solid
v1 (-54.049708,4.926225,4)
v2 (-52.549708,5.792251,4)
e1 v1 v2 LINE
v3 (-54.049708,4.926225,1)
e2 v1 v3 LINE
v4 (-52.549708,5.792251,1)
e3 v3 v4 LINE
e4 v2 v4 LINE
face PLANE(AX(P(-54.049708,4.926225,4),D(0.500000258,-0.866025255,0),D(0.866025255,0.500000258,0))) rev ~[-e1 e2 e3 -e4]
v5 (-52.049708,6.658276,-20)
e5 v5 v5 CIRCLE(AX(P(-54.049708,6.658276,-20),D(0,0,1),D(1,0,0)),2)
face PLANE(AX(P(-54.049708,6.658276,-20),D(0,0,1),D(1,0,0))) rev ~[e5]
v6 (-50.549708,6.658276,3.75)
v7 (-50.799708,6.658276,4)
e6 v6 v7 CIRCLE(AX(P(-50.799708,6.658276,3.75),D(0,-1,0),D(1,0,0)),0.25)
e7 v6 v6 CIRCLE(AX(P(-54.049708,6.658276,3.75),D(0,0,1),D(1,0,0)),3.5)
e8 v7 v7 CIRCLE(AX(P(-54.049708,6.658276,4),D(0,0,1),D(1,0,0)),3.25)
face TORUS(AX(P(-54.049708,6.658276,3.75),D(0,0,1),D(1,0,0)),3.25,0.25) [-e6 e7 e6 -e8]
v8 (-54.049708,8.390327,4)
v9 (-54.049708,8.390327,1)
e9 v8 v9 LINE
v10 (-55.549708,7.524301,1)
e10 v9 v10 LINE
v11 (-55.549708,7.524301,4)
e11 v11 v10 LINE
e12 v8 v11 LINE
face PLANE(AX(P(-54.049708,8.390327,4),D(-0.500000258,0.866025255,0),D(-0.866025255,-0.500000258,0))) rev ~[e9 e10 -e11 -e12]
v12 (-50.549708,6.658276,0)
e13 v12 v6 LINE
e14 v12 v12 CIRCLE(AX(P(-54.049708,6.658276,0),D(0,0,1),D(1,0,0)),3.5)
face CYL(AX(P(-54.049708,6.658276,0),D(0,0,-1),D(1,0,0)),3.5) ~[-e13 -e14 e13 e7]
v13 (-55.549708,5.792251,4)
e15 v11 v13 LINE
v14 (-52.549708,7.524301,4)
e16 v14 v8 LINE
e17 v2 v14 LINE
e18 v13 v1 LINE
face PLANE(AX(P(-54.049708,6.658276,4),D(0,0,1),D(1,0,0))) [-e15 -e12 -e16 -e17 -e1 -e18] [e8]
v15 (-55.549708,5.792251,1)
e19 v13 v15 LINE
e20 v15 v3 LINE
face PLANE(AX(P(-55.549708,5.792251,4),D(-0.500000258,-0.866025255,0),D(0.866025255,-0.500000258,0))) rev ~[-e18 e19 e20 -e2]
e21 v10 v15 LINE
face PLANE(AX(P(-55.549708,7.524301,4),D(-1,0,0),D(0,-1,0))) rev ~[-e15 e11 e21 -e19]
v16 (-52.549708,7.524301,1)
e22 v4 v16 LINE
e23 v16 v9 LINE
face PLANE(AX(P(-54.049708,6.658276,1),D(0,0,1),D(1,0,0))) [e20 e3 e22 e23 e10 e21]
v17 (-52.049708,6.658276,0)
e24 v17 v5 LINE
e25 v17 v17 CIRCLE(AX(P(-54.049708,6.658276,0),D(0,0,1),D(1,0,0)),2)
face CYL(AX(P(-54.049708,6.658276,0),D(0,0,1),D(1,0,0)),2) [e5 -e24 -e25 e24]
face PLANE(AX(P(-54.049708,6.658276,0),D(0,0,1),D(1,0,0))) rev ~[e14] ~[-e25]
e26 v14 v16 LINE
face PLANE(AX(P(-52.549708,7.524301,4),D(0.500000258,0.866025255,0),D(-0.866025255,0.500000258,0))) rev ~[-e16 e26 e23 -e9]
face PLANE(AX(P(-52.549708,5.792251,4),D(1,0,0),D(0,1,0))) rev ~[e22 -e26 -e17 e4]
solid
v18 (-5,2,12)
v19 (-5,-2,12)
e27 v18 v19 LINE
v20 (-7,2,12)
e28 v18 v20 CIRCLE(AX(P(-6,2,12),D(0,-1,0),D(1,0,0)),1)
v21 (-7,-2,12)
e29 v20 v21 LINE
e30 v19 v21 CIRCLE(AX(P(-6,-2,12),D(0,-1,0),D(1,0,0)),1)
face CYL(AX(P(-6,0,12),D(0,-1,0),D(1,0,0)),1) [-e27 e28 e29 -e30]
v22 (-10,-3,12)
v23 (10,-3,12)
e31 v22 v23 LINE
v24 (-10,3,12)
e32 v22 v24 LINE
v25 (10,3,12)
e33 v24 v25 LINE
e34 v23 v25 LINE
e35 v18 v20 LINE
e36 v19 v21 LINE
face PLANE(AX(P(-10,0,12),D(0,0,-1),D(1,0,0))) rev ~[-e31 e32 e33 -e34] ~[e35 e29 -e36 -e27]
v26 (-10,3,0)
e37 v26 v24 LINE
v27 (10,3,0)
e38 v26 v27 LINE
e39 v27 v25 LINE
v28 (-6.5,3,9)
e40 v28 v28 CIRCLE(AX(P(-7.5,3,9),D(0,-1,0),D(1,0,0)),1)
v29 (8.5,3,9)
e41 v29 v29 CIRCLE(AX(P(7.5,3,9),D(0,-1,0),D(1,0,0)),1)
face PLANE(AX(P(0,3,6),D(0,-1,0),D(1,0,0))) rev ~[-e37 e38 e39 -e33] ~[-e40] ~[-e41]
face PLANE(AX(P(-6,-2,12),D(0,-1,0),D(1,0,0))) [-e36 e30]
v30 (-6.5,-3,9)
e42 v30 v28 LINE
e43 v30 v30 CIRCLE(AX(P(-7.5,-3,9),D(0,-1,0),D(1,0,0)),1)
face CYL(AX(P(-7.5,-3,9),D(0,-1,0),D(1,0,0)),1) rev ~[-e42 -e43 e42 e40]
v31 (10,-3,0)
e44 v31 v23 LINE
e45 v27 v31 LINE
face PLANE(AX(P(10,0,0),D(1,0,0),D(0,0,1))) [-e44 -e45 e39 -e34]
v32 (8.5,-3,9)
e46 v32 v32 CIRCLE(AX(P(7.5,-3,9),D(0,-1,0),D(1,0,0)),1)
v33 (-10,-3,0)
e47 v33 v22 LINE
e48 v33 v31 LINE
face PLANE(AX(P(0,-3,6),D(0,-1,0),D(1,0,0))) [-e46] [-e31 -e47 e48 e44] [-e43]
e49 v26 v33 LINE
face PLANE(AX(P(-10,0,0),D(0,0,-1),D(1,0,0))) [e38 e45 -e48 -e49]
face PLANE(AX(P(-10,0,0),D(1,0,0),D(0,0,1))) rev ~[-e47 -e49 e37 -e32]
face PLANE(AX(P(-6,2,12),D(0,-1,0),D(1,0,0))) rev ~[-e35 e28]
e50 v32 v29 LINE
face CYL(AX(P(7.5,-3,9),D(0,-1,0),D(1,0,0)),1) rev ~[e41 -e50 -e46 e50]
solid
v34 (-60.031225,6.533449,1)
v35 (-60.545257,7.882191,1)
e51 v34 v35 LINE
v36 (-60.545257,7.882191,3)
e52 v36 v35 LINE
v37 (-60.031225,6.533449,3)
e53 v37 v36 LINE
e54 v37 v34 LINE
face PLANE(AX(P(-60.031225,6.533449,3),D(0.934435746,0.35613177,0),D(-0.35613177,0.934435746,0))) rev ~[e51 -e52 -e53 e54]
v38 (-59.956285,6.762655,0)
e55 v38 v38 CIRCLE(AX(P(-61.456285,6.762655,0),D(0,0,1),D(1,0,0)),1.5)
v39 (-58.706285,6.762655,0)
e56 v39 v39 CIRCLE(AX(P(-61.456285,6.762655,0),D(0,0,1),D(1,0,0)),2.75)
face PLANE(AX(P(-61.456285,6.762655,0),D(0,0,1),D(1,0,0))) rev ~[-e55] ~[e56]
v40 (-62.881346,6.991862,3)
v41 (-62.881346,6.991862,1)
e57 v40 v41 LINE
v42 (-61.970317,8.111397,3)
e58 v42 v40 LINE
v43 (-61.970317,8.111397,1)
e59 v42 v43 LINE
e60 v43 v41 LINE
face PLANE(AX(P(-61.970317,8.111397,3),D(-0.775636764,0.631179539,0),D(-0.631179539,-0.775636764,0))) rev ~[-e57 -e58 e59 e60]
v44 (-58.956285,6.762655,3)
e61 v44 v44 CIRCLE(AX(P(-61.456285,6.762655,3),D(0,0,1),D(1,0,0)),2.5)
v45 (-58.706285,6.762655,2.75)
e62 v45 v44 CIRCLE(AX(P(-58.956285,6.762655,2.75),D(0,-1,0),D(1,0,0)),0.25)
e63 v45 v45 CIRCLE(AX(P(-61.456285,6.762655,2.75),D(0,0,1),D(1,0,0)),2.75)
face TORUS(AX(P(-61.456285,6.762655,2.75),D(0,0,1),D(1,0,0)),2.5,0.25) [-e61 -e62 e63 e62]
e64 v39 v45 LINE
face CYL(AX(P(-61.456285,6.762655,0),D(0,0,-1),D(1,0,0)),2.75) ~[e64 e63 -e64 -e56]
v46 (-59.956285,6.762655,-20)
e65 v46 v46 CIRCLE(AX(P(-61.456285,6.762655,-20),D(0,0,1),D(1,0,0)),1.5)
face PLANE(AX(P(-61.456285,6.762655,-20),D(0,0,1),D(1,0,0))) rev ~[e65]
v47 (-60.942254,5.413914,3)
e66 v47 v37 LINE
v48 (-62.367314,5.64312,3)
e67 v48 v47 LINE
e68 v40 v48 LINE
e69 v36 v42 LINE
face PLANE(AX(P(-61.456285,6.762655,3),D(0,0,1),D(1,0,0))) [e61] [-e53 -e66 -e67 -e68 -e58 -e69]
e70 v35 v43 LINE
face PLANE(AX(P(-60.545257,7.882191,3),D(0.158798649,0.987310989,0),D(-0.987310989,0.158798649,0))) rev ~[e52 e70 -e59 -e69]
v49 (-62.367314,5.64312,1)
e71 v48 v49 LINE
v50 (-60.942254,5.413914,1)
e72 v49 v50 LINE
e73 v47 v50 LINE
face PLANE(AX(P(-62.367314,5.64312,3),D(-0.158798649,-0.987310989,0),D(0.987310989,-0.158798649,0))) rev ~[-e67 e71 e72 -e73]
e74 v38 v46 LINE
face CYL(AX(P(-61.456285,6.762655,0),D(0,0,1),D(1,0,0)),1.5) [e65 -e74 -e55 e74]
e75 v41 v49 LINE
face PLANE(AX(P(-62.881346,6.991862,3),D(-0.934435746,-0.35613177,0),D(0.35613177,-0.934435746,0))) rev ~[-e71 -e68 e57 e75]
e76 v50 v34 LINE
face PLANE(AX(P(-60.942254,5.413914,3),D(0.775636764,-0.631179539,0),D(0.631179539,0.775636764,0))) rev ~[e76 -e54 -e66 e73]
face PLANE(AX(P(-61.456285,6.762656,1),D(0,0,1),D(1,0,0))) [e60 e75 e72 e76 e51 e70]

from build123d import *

# Parameters (mm, degrees)
F0_W      = 20
F0_H      = 12
F1_DEPTH  = 3
F2_R      = 1
F3_DEPTH  = 2
F4_R      = 1
F5_DEPTH  = 6.001
F6_R      = 1.5
F7_DEPTH  = 20
F8_R      = 2.75
F9_DEPTH  = 3
F11_DEPTH = 2
F12_R     = 0.25
F13_R     = 2
F14_DEPTH = 20
F15_R     = 3.5
F16_DEPTH = 4
F18_DEPTH = 3
F19_R     = 0.25


with BuildPart() as f1:
    # F0 (on Front) → F1 (new body, symmetric)
    with BuildSketch(Plane.XZ):
        with Locations((0, 6)):
            Rectangle(F0_W, F0_H)
    extrude(amount=F1_DEPTH, both=True)

    # F2 (on Front) → F3 (join, symmetric)
    with BuildSketch(Plane.XZ):
        with Locations((-6, 12)):
            Circle(F2_R)
    extrude(amount=F3_DEPTH, both=True)

    # F4 (on face) → F5 (cut, through all)
    with BuildSketch(Plane.XZ.offset(3)):
        with Locations((-7.5, 9)):
            Circle(F4_R)
        with Locations((7.5, 9)):
            Circle(F4_R)
    extrude(amount=-F5_DEPTH, mode=Mode.SUBTRACT)


with BuildPart() as f7:
    # F6 (on Top) → F7 (new body)
    with BuildSketch(Plane.XY):
        with Locations((-61.456285, 6.762655)):
            Circle(F6_R)
    extrude(amount=-F7_DEPTH)

    # F8 (on face) → F9 (join)
    with BuildSketch(Plane.XY):
        with Locations((-61.456285, 6.762655)):
            Circle(F8_R)
    extrude(amount=F9_DEPTH)

    # F10 (on face) → F11 (cut)
    with BuildSketch(Plane.XY.offset(3)):
        Polygon((-60.942254, 5.413914), (-60.031225, 6.533449), (-60.545257, 7.882191), (-61.970317, 8.111397), (-62.881346, 6.991862), (-62.367314, 5.64312), align=None)
    extrude(amount=-F11_DEPTH, mode=Mode.SUBTRACT)

    # F12
    f12_edges = [f7.edges().sort_by_distance(p)[0] for p in [
        (-64.206285, 6.762655, 3),
    ]]
    fillet(f12_edges, radius=F12_R)


with BuildPart() as f14:
    # F13 (on Top) → F14 (new body)
    with BuildSketch(Plane.XY):
        with Locations((-54.049708, 6.658276)):
            Circle(F13_R)
    extrude(amount=-F14_DEPTH)

    # F15 (on face) → F16 (join)
    with BuildSketch(Plane.XY):
        with Locations((-54.049708, 6.658276)):
            Circle(F15_R)
    extrude(amount=F16_DEPTH)

    # F17 (on face) → F18 (cut)
    with BuildSketch(Plane.XY.offset(4)):
        Polygon((-52.549708, 5.792251), (-52.549708, 7.524301), (-54.049708, 8.390327), (-55.549708, 7.524301), (-55.549708, 5.792251), (-54.049708, 4.926225), align=None)
    extrude(amount=-F18_DEPTH, mode=Mode.SUBTRACT)

    # F19
    f19_edges = [f14.edges().sort_by_distance(p)[0] for p in [
        (-57.549708, 6.658276, 4),
    ]]
    fillet(f19_edges, radius=F19_R)


solid = Compound([f1.part, f7.part, f14.part])
